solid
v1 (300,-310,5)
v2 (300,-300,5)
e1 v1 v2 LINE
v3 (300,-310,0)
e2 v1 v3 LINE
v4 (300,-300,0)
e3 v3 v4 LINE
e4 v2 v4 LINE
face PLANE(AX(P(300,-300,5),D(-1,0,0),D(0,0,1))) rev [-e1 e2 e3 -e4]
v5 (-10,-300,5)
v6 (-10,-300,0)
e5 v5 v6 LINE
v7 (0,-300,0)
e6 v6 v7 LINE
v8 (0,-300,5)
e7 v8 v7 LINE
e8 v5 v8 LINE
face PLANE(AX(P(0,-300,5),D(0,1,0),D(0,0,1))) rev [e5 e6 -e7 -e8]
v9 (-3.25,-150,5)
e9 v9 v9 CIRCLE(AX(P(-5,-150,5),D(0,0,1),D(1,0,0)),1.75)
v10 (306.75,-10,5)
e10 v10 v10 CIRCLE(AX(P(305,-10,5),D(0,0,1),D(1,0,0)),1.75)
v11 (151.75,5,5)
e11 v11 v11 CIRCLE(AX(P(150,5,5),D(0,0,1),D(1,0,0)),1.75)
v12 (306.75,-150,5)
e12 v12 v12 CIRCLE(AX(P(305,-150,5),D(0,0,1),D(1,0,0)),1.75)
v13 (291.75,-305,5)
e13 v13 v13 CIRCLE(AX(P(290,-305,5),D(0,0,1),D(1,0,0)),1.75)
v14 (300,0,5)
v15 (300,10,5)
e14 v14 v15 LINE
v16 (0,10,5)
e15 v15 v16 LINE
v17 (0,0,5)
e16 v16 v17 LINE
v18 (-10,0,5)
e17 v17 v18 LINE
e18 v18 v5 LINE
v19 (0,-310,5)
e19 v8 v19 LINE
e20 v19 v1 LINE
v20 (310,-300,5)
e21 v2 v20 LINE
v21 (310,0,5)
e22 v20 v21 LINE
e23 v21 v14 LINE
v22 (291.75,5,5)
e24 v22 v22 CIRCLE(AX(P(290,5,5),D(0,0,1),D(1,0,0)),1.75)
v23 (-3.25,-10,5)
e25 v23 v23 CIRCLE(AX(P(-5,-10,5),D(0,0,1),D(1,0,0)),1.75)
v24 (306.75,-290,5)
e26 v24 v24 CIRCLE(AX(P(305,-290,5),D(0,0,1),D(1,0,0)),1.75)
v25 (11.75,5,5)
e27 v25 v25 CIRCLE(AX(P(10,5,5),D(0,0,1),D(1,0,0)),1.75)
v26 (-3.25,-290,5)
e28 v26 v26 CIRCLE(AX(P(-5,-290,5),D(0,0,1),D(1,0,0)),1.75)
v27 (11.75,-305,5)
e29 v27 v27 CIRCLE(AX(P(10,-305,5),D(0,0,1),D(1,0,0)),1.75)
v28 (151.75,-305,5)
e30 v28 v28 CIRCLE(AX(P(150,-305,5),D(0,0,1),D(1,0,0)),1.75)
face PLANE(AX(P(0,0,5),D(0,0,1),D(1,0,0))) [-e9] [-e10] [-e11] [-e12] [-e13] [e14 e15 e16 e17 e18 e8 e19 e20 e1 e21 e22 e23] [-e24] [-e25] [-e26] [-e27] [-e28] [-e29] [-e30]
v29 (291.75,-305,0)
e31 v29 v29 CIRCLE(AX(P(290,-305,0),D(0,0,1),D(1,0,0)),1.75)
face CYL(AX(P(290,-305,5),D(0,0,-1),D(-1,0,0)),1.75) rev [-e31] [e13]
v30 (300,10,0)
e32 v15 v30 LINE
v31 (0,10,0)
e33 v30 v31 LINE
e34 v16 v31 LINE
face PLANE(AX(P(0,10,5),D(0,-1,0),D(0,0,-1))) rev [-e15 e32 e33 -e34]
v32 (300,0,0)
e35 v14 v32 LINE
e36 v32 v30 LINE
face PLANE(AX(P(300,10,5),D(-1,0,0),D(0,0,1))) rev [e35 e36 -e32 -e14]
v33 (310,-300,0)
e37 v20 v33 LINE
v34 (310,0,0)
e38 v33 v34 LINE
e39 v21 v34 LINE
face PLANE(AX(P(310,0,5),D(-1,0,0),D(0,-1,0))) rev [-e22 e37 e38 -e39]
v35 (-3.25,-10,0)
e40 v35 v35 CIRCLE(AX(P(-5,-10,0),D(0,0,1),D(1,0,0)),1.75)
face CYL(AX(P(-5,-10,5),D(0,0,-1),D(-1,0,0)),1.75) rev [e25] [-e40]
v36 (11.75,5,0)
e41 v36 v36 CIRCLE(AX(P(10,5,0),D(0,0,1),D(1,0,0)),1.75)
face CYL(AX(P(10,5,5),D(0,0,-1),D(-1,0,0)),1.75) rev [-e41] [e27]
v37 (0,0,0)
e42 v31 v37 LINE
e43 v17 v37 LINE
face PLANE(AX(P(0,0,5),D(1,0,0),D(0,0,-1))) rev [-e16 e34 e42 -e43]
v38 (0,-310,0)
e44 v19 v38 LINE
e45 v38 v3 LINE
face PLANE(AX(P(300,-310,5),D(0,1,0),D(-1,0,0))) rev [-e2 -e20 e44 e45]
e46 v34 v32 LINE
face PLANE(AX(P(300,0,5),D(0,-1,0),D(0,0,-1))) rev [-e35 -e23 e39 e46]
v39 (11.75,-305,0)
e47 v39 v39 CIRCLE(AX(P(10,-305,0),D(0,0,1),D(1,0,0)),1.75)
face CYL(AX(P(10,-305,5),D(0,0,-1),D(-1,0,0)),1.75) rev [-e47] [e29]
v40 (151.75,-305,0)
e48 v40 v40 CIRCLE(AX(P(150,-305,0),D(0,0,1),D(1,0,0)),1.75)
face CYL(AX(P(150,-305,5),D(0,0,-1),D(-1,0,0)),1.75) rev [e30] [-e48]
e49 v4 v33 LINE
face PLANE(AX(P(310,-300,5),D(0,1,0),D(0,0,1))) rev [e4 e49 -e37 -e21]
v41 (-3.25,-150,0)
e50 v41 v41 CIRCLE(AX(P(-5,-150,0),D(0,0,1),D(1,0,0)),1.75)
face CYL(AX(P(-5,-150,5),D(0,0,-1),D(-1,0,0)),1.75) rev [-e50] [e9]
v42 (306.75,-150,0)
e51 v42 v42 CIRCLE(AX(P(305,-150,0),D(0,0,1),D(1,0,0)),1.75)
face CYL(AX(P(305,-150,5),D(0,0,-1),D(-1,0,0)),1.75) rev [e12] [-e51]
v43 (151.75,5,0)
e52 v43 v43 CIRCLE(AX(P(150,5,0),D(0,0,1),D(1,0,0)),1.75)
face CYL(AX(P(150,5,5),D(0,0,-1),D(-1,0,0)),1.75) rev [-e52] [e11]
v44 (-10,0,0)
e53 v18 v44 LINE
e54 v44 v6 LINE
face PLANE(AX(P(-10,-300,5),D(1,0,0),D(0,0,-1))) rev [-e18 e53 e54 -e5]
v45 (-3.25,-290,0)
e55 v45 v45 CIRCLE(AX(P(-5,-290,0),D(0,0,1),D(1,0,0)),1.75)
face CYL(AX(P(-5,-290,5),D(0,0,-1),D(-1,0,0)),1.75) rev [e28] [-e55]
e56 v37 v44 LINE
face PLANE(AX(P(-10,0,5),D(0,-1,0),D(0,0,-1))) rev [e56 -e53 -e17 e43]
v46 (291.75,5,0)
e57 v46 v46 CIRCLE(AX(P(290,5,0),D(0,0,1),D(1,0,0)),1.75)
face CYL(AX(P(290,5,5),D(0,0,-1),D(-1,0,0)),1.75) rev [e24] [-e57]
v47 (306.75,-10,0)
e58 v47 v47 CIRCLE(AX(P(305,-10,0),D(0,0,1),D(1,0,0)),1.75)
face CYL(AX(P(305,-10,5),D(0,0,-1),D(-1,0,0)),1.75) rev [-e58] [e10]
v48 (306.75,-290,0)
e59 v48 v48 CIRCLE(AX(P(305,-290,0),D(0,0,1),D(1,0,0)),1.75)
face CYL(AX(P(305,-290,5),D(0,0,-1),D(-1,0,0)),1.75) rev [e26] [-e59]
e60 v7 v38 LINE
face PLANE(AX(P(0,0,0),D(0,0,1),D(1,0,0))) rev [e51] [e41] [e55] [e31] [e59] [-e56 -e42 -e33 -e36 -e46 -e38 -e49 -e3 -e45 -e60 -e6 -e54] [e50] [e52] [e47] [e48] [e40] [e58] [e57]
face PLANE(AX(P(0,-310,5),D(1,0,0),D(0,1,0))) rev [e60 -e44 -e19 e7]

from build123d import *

# Parameters (mm, degrees)
SKETCH1_R           = 1.75
BOSS_EXTRUDE1_DEPTH = 5


with BuildPart() as part:
    # Sketch1 → Boss-Extrude1 (new body)
    with BuildSketch(Plane.XY):
        Polygon((0, 0), (0, 10), (300, 10), (300, 0), (310, 0), (310, -300), (300, -300), (300, -310), (0, -310), (0, -300), (-10, -300), (-10, 0), align=None)
        with Locations((10, 5)):
            Circle(SKETCH1_R, mode=Mode.SUBTRACT)
        with Locations((150, 5)):
            Circle(SKETCH1_R, mode=Mode.SUBTRACT)
        with Locations((290, 5)):
            Circle(SKETCH1_R, mode=Mode.SUBTRACT)
        with Locations((-5, -290)):
            Circle(SKETCH1_R, mode=Mode.SUBTRACT)
        with Locations((-5, -150)):
            Circle(SKETCH1_R, mode=Mode.SUBTRACT)
        with Locations((-5, -10)):
            Circle(SKETCH1_R, mode=Mode.SUBTRACT)
        with Locations((290, -305)):
            Circle(SKETCH1_R, mode=Mode.SUBTRACT)
        with Locations((150, -305)):
            Circle(SKETCH1_R, mode=Mode.SUBTRACT)
        with Locations((10, -305)):
            Circle(SKETCH1_R, mode=Mode.SUBTRACT)
        with Locations((305, -10)):
            Circle(SKETCH1_R, mode=Mode.SUBTRACT)
        with Locations((305, -150)):
            Circle(SKETCH1_R, mode=Mode.SUBTRACT)
        with Locations((305, -290)):
            Circle(SKETCH1_R, mode=Mode.SUBTRACT)
    extrude(amount=BOSS_EXTRUDE1_DEPTH)


solid = part.part
